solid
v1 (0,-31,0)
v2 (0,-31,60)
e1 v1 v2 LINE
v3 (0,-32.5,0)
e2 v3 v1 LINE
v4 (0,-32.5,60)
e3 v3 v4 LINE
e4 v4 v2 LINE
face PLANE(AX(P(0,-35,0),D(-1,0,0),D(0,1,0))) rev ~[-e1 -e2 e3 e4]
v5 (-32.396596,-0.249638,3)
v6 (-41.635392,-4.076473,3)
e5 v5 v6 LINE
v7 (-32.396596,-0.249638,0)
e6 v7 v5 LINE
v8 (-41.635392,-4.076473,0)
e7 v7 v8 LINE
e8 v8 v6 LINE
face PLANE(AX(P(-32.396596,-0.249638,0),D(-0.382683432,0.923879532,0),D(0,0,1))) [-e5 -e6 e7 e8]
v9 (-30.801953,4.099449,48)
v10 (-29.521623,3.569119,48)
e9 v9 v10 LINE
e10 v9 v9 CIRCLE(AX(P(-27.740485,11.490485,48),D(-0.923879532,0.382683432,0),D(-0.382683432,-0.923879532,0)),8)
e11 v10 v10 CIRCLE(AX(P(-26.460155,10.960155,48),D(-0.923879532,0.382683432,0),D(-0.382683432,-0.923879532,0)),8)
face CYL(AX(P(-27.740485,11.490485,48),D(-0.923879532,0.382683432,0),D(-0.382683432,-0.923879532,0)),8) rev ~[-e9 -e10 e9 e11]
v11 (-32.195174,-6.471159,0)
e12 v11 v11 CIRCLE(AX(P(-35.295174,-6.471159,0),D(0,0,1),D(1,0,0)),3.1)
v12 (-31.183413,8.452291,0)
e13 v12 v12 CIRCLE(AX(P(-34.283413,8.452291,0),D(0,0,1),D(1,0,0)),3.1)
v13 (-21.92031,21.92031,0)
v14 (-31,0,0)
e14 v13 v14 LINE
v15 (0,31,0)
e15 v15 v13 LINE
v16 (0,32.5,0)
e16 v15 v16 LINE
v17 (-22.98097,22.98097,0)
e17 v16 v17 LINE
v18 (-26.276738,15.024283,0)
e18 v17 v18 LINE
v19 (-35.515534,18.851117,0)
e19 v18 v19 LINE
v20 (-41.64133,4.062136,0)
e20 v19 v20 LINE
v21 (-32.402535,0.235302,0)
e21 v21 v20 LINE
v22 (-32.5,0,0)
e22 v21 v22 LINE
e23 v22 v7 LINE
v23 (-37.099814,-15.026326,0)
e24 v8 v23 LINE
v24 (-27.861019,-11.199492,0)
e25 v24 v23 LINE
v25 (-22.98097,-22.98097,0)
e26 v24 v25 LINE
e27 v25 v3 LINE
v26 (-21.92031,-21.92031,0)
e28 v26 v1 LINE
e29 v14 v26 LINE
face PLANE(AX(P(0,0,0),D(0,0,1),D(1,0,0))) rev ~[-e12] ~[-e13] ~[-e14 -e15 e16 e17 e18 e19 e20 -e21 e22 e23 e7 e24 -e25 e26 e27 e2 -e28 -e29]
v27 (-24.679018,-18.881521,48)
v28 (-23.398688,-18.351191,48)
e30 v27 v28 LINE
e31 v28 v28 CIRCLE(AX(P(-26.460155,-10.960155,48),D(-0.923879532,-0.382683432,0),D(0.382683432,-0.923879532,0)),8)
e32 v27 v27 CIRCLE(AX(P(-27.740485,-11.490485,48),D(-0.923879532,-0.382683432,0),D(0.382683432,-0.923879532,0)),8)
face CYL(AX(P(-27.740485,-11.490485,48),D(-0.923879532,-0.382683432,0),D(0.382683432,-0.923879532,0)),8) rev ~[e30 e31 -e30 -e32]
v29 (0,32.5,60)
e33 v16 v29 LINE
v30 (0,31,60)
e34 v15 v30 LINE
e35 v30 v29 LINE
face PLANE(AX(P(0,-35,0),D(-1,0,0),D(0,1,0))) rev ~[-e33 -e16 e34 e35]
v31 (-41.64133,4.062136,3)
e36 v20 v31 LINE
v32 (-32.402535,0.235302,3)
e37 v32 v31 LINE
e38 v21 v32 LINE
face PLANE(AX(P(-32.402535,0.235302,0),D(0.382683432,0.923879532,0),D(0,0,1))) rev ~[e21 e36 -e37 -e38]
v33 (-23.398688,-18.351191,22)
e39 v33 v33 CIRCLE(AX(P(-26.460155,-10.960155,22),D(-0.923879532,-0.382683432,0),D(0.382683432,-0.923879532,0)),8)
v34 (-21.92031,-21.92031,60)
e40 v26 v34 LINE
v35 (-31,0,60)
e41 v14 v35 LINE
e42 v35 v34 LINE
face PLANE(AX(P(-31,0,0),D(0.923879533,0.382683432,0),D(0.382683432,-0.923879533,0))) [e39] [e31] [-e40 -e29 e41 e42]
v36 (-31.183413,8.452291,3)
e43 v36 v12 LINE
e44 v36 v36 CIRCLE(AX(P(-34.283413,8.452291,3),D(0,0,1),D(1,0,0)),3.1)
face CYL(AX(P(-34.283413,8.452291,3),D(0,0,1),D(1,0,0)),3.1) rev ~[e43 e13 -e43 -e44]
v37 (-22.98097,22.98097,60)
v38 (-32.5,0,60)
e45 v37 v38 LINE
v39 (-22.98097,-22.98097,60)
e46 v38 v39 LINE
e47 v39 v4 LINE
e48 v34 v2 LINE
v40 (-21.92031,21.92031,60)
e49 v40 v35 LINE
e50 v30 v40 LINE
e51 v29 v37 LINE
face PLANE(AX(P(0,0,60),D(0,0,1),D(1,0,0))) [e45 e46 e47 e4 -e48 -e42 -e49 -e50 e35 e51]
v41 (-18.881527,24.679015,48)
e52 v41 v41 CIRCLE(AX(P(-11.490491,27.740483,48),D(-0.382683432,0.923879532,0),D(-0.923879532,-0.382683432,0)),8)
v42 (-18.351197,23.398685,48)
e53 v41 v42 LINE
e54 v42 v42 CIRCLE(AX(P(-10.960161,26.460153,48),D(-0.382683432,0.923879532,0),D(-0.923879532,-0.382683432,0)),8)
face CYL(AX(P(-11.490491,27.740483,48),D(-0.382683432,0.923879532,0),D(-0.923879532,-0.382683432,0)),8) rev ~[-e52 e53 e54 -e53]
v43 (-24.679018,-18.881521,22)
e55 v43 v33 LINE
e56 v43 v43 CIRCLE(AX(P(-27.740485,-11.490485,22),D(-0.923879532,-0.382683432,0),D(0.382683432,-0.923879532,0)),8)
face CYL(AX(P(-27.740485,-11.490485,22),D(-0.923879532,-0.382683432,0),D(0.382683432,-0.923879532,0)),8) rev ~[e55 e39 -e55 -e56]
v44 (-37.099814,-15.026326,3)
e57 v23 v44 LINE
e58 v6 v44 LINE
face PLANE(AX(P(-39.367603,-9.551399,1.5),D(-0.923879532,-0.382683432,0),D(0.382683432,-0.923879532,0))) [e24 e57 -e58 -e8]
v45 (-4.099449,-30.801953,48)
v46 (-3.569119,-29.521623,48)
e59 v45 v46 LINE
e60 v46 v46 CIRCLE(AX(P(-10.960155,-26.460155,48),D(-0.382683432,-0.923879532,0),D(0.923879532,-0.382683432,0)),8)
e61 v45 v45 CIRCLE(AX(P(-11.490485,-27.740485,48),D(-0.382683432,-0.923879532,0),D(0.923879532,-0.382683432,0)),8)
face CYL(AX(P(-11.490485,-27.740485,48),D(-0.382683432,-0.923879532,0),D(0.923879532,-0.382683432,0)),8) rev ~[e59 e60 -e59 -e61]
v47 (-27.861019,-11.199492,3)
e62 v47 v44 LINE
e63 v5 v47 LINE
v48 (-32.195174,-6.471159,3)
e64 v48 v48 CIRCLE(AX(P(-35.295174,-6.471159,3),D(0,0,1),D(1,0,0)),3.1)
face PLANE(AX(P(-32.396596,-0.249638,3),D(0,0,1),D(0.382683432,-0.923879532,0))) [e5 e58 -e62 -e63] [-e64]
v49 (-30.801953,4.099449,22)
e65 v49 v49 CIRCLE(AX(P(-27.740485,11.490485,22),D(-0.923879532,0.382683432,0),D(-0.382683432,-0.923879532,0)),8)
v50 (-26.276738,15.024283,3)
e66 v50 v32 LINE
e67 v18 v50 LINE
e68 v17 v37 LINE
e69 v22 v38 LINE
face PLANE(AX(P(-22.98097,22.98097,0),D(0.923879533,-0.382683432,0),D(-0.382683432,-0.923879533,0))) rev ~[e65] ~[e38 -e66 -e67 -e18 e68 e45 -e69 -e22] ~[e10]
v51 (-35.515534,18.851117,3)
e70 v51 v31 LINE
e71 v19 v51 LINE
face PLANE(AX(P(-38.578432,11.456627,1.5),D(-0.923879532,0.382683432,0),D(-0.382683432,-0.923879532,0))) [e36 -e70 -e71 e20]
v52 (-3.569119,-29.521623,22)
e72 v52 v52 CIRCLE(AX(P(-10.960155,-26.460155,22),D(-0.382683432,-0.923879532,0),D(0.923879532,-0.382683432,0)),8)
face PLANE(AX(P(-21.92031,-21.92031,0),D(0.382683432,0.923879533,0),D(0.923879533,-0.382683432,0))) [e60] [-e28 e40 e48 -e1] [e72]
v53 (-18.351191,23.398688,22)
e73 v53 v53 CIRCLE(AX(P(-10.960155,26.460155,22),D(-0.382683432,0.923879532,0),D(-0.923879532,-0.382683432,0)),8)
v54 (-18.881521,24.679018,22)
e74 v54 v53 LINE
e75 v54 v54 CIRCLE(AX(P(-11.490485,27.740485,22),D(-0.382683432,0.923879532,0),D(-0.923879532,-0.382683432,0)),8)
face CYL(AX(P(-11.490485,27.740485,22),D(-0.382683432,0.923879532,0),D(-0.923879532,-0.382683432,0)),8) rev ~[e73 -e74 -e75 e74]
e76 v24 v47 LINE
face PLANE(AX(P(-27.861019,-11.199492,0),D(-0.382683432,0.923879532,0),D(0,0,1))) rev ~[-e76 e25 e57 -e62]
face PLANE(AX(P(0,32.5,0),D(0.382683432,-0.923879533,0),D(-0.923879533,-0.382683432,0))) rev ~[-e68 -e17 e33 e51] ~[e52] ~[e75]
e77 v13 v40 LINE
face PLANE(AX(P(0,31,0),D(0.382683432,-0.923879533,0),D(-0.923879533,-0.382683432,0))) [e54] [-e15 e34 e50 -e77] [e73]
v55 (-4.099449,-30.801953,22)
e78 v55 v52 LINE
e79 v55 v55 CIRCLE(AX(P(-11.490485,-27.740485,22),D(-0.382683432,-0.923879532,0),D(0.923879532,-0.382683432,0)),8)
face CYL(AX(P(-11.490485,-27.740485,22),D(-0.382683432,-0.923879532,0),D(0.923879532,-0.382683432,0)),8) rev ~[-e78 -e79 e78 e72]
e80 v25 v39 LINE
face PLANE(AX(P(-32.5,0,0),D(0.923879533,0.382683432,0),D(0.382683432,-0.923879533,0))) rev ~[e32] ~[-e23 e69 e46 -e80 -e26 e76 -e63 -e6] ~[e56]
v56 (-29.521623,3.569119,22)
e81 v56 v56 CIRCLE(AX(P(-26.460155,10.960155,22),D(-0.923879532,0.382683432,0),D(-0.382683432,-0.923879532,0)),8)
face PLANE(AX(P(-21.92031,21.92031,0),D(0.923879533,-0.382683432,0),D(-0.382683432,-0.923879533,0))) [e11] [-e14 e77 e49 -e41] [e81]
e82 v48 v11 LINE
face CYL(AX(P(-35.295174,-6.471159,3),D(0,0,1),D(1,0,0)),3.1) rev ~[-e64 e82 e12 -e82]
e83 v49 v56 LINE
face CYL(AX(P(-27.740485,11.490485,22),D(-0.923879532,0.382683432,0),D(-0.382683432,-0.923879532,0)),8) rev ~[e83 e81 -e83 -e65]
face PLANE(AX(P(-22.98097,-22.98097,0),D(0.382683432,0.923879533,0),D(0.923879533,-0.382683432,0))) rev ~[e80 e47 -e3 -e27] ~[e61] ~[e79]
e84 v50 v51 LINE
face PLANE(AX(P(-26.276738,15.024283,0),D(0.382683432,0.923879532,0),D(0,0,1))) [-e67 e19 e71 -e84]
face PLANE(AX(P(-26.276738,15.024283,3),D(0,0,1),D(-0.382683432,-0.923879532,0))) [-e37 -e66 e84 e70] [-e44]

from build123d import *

# Parameters (mm, degrees)
BOX_W           = 60
BOX_H           = 70
BOX_DEPTH       = 60
PRISM001_DEPTH  = 60
PRISM_DEPTH     = 60
SKETCH_R        = 8
POCKET_DEPTH    = 2
SKETCH001_R     = 8
POCKET001_DEPTH = 2
SKETCH002_R     = 8
POCKET002_DEPTH = 2
SKETCH003_R     = 8
POCKET003_DEPTH = 2
SKETCH004_W     = 16.007478
SKETCH004_H     = 3
PAD_DEPTH       = 10
SKETCH005_W     = 11.852036
SKETCH005_H     = 3
PAD001_DEPTH    = 10
SKETCH006_R     = 3.1
POCKET004_DEPTH = 5
SKETCH007_R     = 3.1
POCKET005_DEPTH = 5


with BuildPart() as cubo:
    # Box → Box (new body)
    with BuildSketch(Plane(origin=(0, -35, 0), x_dir=(1, 0, 0), z_dir=(0, 0, 1))):
        with Locations((30, 35)):
            Rectangle(BOX_W, BOX_H)
    extrude(amount=BOX_DEPTH)


with BuildPart() as prisma001:
    # Prism001 → Prism001 (new body)
    with BuildSketch(Plane.XY):
        Polygon((31, 0), (21.9203102168, 21.9203102168), (0, 31), (-21.9203102168, 21.9203102168), (-31, 0), (-21.9203102168, -21.9203102168), (0, -31), (21.9203102168, -21.9203102168), align=None)
    extrude(amount=PRISM001_DEPTH)


with BuildPart() as pocket005:
    # Prism → Prism (new body)
    with BuildSketch(Plane.XY):
        Polygon((32.5, 0), (22.9809703886, 22.9809703886), (0, 32.5), (-22.9809703886, 22.9809703886), (-32.5, 0), (-22.9809703886, -22.9809703886), (0, -32.5), (22.9809703886, -22.9809703886), align=None)
    extrude(amount=PRISM_DEPTH)

    # Cut: cut Prisma001
    add(prisma001.part, mode=Mode.SUBTRACT)

    # Cut001: cut Cubo
    add(cubo.part, mode=Mode.SUBTRACT)

    # Sketch → Pocket (cut)
    with BuildSketch(Plane(origin=(-11.4904851943, -27.7404851943, 0), x_dir=(0.9238795325, -0.3826834324, 0), z_dir=(-0.3826834324, -0.9238795325, 0))):
        with Locations((0, 48)):
            Circle(SKETCH_R)
        with Locations((0, 22)):
            Circle(SKETCH_R)
    extrude(amount=-POCKET_DEPTH, mode=Mode.SUBTRACT)

    # Sketch001 → Pocket001 (cut)
    with BuildSketch(Plane(origin=(-27.7404851943, -11.4904851943, 0), x_dir=(0.3826834324, -0.9238795325, 0), z_dir=(-0.9238795325, -0.3826834324, 0))):
        with Locations((0, 48)):
            Circle(SKETCH001_R)
        with Locations((0, 22)):
            Circle(SKETCH001_R)
    extrude(amount=-POCKET001_DEPTH, mode=Mode.SUBTRACT)

    # Sketch002 → Pocket002 (cut)
    with BuildSketch(Plane(origin=(-27.7404851943, 11.4904851943, 0), x_dir=(-0.3826834324, -0.9238795325, 0), z_dir=(-0.9238795325, 0.3826834324, 0))):
        with Locations((0, 48)):
            Circle(SKETCH002_R)
        with Locations((0, 22)):
            Circle(SKETCH002_R)
    extrude(amount=-POCKET002_DEPTH, mode=Mode.SUBTRACT)

    # Sketch003 → Pocket003 (cut)
    with BuildSketch(Plane(origin=(-11.4904851943, 27.7404851943, 0), x_dir=(-0.9238795325, -0.3826834324, 0), z_dir=(-0.3826834324, 0.9238795325, 0))):
        with Locations((6e-06, 48)):
            Circle(SKETCH003_R)
        with Locations((0, 22)):
            Circle(SKETCH003_R)
    extrude(amount=-POCKET003_DEPTH, mode=Mode.SUBTRACT)

    # Sketch004 → Pad (new body)
    with BuildSketch(Plane(origin=(-27.7404851943, 11.4904851943, 0), x_dir=(-0.3826834324, -0.9238795325, 0), z_dir=(-0.9238795325, 0.3826834324, 0))):
        with Locations((4.178784, 1.5)):
            Rectangle(SKETCH004_W, SKETCH004_H)
    extrude(amount=PAD_DEPTH)

    # Sketch005 → Pad001 (new body)
    with BuildSketch(Plane(origin=(-27.7404851943, -11.4904851943, 0), x_dir=(0.3826834324, -0.9238795325, 0), z_dir=(-0.9238795325, -0.3826834324, 0))):
        with Locations((-6.240987, 1.5)):
            Rectangle(SKETCH005_W, SKETCH005_H)
    extrude(amount=PAD001_DEPTH)

    # Sketch006 → Pocket004 (cut)
    with BuildSketch(Plane.XY.offset(3)):
        with Locations((-34.283413, 8.452291)):
            Circle(SKETCH006_R)
    extrude(amount=-POCKET004_DEPTH, mode=Mode.SUBTRACT)

    # Sketch007 → Pocket005 (cut)
    with BuildSketch(Plane.XY.offset(3)):
        with Locations((-35.295174, -6.471159)):
            Circle(SKETCH007_R)
    extrude(amount=-POCKET005_DEPTH, mode=Mode.SUBTRACT)


solid = pocket005.part
